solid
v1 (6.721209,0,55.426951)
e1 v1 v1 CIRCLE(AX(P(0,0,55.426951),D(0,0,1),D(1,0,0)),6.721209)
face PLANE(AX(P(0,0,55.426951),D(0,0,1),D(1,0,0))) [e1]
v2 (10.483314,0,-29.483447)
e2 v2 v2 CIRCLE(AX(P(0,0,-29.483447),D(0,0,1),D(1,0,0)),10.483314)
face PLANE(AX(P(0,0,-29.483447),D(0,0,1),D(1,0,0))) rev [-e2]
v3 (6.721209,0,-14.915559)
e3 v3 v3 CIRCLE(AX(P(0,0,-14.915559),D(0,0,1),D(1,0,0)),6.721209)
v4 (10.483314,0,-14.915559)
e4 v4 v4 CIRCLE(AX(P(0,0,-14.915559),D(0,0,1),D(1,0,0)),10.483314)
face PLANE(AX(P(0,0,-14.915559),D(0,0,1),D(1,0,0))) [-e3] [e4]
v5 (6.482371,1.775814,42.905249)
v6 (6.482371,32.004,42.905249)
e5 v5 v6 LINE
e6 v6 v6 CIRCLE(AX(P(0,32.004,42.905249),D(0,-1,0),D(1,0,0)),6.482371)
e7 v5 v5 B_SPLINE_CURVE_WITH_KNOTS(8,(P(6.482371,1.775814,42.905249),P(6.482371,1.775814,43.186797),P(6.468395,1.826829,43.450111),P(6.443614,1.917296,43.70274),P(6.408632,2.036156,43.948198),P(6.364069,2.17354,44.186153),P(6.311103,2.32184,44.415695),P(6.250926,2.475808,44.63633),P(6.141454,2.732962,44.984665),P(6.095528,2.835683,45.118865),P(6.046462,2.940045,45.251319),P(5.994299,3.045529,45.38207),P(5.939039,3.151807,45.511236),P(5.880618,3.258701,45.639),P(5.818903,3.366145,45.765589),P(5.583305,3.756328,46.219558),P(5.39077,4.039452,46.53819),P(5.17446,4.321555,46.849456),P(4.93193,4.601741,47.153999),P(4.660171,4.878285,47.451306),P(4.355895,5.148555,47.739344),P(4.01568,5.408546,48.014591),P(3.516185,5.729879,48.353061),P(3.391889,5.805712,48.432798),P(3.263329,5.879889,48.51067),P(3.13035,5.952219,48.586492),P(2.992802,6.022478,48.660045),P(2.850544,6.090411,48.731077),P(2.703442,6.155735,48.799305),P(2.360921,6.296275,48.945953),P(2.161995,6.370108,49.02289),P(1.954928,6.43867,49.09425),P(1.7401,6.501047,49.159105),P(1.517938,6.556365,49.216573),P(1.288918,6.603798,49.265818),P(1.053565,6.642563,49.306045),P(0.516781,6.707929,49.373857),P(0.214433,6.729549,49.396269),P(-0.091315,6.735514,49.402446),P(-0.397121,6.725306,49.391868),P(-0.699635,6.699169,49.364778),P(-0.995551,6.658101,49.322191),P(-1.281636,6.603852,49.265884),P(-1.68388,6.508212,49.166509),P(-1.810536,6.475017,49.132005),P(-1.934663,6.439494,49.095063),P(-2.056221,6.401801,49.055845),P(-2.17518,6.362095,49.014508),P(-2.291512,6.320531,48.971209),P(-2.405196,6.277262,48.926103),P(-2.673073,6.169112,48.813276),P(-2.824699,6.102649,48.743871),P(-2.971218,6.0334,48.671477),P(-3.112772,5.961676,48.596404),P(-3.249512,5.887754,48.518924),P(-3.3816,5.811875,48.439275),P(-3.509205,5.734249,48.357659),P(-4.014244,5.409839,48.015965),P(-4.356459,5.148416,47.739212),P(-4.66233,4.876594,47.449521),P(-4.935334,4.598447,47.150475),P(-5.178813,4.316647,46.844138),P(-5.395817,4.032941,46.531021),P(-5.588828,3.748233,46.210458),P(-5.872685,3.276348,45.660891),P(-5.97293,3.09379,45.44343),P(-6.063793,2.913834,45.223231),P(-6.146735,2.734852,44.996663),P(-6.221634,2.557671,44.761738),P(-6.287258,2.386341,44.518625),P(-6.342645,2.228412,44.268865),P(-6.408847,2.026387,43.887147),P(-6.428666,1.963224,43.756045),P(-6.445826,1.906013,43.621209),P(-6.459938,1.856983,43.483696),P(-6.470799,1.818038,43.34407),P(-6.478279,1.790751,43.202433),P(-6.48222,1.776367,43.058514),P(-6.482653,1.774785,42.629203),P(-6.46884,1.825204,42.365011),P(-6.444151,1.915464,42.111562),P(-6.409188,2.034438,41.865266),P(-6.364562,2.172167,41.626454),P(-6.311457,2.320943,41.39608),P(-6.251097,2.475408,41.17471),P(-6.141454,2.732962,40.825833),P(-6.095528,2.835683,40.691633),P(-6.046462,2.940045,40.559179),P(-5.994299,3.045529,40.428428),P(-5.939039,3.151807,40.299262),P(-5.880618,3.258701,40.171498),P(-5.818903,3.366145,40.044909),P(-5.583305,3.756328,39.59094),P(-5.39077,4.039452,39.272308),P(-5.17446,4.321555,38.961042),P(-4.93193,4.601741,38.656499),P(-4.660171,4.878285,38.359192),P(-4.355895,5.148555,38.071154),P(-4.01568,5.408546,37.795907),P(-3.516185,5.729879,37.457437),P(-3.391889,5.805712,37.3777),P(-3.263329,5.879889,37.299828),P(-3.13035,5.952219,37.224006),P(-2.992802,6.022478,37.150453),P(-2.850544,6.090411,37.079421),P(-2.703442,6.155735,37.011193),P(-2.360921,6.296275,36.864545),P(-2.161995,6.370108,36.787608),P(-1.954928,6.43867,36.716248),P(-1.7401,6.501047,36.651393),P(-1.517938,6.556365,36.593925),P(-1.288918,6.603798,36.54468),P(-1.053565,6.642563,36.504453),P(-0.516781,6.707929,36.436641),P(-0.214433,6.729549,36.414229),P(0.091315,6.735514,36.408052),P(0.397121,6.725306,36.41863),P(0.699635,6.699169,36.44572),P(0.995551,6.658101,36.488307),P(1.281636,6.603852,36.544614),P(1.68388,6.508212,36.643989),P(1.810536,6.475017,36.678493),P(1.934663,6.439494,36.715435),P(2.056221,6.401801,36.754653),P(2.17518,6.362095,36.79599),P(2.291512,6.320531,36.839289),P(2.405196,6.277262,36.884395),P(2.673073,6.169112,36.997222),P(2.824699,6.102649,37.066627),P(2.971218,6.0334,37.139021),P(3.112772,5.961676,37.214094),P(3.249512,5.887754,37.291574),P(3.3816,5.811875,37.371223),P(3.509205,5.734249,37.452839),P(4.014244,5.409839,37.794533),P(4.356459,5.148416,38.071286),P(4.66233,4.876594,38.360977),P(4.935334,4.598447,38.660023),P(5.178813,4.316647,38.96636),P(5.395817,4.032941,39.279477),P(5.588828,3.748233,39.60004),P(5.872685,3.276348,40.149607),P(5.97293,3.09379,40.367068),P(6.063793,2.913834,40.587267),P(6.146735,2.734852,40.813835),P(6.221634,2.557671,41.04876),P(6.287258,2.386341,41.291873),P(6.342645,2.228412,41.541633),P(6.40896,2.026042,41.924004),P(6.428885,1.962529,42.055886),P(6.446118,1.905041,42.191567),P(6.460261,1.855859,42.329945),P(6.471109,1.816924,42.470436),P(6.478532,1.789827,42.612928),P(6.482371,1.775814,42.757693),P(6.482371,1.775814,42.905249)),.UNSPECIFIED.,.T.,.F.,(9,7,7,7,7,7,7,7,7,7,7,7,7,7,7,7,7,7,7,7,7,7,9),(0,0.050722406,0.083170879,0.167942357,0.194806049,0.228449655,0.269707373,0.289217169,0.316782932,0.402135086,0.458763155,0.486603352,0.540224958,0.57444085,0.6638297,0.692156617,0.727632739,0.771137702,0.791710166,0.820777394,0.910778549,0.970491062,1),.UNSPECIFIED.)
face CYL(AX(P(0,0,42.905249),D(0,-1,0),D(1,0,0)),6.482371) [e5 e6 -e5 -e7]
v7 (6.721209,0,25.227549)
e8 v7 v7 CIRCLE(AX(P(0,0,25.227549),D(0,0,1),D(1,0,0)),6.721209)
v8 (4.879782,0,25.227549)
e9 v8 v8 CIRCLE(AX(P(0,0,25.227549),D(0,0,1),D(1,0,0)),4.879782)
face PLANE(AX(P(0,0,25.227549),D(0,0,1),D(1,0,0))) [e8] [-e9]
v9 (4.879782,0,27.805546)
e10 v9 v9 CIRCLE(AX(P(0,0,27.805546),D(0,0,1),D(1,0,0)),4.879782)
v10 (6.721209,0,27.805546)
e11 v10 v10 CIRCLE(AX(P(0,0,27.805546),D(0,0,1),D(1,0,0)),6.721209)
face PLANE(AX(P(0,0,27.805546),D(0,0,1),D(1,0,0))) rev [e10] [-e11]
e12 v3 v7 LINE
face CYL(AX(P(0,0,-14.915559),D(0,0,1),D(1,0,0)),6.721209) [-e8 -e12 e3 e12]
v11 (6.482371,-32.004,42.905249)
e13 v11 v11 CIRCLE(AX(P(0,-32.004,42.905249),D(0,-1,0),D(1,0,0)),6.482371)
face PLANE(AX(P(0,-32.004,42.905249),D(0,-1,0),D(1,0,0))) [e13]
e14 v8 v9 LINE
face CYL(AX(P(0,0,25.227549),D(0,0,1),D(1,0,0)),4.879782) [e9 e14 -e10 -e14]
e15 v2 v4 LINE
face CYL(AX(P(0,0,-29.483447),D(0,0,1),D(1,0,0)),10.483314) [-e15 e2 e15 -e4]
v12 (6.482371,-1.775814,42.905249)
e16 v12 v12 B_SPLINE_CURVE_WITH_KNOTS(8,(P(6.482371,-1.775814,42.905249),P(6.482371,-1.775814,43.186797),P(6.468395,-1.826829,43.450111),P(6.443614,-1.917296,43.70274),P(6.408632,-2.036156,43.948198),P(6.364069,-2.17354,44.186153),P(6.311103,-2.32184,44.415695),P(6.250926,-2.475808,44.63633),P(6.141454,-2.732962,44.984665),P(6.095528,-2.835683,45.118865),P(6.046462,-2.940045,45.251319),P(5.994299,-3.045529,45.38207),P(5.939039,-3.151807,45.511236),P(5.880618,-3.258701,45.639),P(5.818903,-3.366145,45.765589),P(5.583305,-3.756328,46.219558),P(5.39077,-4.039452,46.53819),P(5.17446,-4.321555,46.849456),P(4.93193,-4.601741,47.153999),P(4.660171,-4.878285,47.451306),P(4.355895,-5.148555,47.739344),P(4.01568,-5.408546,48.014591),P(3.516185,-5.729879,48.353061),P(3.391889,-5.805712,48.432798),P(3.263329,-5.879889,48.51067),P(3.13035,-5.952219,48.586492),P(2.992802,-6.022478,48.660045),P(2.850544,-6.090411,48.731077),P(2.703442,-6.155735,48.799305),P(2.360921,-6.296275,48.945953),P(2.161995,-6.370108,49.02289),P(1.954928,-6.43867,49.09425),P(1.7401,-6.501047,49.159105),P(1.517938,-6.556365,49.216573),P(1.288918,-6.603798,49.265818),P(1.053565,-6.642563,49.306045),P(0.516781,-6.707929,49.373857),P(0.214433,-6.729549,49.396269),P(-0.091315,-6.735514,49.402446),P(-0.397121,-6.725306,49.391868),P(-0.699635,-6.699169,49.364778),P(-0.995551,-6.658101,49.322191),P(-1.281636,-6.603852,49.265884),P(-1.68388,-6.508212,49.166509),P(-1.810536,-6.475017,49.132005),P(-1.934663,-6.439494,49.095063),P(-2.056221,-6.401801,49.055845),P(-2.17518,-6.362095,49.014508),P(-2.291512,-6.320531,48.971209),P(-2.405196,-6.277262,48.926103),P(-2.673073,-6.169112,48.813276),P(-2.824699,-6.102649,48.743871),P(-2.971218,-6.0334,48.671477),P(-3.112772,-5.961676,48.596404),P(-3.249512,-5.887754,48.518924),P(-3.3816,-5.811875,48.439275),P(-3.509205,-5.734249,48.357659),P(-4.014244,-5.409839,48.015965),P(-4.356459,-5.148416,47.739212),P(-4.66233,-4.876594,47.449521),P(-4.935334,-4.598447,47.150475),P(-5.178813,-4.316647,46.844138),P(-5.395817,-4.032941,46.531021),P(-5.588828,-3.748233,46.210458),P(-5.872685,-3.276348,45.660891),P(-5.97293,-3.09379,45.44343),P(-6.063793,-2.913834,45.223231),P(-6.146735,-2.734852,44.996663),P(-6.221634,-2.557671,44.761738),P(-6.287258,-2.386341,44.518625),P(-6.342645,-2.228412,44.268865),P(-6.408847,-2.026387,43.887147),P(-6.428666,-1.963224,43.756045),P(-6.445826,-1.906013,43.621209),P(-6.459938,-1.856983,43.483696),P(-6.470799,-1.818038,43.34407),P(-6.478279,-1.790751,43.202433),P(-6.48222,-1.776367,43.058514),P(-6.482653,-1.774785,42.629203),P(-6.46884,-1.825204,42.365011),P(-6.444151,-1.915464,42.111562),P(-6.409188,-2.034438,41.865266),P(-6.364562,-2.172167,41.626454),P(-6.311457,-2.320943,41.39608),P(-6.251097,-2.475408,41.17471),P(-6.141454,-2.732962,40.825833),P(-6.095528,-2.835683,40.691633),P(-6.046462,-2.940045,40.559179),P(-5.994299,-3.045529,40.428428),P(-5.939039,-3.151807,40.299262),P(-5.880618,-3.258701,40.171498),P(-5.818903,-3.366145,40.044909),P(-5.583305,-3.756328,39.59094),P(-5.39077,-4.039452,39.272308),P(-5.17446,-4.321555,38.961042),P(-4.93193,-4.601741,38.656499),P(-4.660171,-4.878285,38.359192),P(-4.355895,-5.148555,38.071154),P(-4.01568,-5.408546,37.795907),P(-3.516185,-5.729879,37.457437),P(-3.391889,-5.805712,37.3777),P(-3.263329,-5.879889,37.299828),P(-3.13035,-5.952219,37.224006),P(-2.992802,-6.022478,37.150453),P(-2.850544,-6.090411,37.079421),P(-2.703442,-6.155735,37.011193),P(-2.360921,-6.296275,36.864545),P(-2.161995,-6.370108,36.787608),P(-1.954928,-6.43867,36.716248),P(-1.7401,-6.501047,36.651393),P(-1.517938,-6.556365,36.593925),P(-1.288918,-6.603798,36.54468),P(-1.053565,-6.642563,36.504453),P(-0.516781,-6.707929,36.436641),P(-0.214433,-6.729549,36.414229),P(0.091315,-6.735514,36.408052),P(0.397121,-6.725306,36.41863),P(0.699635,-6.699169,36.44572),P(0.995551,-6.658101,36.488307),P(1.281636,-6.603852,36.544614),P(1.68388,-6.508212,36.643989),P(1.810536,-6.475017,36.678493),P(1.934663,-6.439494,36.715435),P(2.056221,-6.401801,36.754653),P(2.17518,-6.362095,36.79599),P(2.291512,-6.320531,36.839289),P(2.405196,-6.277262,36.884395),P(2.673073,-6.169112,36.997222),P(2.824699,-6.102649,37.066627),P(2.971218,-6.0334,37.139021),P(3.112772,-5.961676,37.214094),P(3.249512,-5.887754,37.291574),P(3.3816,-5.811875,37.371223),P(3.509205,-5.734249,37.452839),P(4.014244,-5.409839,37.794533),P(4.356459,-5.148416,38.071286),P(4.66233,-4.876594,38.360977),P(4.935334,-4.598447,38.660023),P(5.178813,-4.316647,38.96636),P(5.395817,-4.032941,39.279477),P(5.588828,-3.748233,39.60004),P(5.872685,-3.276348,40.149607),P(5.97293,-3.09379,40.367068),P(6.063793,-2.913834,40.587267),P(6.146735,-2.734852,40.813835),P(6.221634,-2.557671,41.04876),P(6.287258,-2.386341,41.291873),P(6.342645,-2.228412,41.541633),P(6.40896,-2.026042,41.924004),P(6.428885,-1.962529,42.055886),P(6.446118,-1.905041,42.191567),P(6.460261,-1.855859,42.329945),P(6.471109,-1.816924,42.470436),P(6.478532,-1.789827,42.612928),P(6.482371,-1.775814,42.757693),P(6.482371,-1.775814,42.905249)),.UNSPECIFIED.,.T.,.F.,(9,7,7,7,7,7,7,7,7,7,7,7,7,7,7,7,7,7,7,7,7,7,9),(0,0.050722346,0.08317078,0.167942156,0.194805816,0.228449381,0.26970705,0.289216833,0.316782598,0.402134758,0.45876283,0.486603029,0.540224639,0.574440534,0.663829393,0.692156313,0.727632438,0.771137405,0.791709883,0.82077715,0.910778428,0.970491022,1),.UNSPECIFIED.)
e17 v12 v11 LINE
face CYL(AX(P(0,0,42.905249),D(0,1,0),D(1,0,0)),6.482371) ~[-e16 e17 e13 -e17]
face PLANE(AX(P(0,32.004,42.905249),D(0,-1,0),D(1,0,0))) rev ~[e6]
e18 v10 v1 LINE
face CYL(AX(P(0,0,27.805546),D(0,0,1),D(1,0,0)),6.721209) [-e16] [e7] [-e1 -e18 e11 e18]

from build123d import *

# Parameters (mm, degrees)
F2_R          = 6.482371
F3_DEPTH      = 32.004
F3_DEPTH_BACK = 32.004


with BuildPart() as f1:
    # F0 (on Front) → F1 (revolve)
    with BuildSketch(Plane.XZ):
        Polygon((6.721209, 55.426951), (0, 55.426951), (0, 27.805546), (0, 25.227549), (0, 0), (0, -21.728838), (0, -29.483447), (10.483314, -29.483447), (10.483314, -14.915559), (6.721209, -14.915559), (6.721209, 25.227549), (4.879782, 25.227549), (4.879782, 27.805546), (6.721209, 27.805546), (6.721209, 42.352822), (6.721209, 48.06124), align=None)
    revolve(axis=Axis((0, 0, 27.713476), (0, 0, 1)))

    # F2 (on Front) → F3 (join, two sides)
    with BuildSketch(Plane.XZ) as f3_sk:
        with Locations((0, 42.905249)):
            Circle(F2_R)
    extrude(amount=F3_DEPTH)
    extrude(f3_sk.sketch, amount=-F3_DEPTH_BACK)


solid = f1.part
